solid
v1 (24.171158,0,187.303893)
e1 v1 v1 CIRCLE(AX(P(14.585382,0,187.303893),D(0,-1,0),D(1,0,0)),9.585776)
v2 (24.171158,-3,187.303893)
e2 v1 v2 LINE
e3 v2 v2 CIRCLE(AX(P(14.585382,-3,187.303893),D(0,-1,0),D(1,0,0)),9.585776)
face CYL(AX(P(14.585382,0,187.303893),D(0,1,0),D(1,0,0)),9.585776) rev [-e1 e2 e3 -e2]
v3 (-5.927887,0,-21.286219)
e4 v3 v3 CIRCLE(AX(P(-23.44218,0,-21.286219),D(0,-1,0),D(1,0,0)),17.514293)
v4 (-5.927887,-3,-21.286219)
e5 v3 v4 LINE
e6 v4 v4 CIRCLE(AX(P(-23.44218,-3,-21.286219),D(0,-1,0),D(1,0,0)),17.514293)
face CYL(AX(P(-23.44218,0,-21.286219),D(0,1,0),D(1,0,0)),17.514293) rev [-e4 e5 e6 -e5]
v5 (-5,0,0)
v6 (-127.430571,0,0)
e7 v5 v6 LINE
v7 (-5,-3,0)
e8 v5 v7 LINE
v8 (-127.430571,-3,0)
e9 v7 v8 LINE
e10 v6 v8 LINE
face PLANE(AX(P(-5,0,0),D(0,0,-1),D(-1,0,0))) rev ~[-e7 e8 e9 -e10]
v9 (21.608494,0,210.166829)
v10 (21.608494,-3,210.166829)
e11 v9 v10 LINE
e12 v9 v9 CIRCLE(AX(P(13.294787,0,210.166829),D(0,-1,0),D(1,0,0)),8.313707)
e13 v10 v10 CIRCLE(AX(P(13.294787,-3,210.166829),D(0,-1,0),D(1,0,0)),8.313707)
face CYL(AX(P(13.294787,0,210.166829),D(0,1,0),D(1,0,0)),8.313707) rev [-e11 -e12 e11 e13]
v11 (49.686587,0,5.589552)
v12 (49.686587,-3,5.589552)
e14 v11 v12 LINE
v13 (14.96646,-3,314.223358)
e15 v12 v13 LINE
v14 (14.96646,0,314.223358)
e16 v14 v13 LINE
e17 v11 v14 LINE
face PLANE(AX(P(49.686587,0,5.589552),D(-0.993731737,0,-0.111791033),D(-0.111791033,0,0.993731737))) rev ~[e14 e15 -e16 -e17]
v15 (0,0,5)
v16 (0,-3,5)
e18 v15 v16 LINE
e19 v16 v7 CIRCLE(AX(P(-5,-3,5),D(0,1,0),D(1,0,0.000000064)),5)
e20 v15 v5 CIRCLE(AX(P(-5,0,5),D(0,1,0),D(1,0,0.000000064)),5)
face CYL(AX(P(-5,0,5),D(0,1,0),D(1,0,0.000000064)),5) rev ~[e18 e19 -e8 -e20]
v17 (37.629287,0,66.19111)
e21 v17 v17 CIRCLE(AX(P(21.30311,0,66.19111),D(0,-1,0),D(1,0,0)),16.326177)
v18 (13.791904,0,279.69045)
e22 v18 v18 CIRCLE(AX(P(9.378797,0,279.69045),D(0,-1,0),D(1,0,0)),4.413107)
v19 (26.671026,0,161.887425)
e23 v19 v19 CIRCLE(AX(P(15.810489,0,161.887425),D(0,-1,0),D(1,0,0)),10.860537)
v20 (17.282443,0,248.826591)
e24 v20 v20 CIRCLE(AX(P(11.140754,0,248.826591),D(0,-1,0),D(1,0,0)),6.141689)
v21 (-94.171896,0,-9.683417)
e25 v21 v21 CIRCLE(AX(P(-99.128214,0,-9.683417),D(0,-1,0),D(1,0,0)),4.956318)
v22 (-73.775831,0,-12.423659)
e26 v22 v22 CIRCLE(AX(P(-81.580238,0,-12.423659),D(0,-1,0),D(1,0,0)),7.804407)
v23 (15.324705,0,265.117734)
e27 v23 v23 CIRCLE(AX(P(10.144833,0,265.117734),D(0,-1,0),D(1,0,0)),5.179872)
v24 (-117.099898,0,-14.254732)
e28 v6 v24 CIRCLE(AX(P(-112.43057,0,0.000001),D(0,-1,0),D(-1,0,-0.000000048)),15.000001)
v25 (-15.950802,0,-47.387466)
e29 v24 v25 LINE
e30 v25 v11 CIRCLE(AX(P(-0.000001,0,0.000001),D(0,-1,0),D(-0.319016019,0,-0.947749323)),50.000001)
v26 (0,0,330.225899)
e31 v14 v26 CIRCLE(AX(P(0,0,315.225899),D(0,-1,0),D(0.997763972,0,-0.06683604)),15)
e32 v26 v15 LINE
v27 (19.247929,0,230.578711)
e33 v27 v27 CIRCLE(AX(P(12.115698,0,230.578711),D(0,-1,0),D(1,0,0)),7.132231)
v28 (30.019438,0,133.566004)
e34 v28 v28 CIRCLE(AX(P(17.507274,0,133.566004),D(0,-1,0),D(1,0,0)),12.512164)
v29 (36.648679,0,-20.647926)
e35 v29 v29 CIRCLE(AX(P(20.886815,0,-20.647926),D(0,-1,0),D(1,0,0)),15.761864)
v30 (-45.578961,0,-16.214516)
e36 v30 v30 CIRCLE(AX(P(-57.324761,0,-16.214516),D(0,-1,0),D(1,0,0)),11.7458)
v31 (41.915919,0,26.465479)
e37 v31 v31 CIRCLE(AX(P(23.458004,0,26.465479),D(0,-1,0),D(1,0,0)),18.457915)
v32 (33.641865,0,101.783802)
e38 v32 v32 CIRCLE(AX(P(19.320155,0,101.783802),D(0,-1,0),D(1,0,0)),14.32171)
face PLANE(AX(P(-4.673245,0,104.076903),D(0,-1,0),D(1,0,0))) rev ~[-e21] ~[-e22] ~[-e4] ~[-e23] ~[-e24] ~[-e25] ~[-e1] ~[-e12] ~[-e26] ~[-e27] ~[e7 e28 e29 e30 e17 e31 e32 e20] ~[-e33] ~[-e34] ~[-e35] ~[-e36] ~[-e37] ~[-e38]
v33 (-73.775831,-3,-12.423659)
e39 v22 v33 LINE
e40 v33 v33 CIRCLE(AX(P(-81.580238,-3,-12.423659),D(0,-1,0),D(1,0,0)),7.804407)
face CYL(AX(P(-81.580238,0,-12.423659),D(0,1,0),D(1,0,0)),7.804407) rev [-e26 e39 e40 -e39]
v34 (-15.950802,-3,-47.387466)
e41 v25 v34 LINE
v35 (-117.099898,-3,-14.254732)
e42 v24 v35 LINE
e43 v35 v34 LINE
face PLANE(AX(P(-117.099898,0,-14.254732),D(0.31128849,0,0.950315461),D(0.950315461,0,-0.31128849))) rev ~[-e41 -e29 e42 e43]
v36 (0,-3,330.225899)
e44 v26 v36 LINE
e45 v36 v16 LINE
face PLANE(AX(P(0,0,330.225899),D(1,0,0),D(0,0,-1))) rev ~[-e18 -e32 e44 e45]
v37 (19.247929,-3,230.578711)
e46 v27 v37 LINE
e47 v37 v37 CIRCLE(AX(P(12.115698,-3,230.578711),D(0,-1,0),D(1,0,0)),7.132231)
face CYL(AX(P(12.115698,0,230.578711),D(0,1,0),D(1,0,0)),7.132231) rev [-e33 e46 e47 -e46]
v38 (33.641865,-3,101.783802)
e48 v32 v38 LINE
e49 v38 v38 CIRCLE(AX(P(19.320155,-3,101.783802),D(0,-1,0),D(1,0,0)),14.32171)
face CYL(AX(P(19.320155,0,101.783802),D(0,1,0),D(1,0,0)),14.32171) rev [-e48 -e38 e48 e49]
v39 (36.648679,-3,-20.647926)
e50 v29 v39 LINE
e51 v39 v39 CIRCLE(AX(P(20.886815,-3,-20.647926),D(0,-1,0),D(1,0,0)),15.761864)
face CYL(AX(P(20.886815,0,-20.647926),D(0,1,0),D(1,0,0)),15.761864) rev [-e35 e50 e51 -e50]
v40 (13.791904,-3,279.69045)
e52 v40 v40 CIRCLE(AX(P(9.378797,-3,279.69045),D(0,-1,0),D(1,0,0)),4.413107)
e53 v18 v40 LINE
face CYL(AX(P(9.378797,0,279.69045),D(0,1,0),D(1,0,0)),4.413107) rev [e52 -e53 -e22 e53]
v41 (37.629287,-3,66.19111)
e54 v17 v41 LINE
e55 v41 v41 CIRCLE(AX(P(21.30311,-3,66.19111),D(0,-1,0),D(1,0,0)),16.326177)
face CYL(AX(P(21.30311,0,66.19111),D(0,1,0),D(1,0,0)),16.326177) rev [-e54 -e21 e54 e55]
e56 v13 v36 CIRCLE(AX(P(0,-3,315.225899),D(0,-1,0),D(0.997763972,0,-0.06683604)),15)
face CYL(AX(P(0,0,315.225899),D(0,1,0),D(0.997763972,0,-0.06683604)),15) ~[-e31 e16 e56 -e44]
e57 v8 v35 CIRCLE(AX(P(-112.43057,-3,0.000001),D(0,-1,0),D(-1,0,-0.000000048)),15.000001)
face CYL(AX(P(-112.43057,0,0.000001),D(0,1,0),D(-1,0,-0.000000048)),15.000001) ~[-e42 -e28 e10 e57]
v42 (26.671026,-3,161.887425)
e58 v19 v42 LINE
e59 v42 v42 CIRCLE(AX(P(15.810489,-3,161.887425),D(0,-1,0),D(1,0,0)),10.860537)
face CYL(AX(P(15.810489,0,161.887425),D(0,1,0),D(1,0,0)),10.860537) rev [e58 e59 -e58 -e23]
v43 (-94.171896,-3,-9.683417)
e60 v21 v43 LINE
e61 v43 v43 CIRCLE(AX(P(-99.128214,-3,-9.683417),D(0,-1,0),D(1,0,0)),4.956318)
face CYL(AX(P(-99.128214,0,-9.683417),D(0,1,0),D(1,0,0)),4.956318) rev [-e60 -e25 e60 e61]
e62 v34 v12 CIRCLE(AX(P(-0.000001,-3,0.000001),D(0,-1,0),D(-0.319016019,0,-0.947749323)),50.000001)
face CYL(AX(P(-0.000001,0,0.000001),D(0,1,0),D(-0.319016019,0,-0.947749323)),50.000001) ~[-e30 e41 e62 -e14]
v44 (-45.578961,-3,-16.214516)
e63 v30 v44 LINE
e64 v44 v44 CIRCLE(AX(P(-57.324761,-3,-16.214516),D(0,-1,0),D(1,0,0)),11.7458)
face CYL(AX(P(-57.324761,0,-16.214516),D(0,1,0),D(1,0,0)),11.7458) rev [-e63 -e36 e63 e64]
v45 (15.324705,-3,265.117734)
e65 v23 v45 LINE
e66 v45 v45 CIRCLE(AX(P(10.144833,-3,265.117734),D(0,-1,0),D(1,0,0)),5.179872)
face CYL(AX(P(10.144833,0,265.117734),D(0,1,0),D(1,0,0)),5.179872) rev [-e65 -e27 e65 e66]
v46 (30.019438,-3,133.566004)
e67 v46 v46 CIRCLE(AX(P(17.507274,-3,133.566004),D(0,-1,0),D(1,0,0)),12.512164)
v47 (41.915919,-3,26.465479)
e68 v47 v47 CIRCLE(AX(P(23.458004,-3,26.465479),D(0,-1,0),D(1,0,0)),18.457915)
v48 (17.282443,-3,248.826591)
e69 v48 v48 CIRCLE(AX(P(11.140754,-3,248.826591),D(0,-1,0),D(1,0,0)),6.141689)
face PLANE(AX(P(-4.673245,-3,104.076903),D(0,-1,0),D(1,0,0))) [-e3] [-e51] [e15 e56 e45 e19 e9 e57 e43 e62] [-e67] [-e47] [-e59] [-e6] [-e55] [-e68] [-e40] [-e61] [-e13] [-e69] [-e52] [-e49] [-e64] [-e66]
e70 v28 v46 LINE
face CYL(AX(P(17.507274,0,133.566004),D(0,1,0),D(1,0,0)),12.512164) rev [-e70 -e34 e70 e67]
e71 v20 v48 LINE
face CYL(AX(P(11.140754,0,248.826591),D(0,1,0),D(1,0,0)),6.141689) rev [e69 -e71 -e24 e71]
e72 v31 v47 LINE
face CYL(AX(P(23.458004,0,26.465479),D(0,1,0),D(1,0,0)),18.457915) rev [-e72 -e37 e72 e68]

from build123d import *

# Parameters (mm, degrees)
F0_R     = 4.956318
F0_R_2   = 7.804407
F0_R_3   = 11.7458
F0_R_4   = 17.514293
F0_R_5   = 15.761864
F0_R_6   = 18.457915
F0_R_7   = 16.326177
F0_R_8   = 14.32171
F0_R_9   = 12.512164
F0_R_10  = 10.860537
F0_R_11  = 9.585776
F0_R_12  = 8.313707
F0_R_13  = 7.132231
F0_R_14  = 6.141689
F0_R_15  = 5.179872
F0_R_16  = 4.413107
F1_DEPTH = 3


with BuildPart() as f1:
    # F0 (on Front) → F1 (new body)
    with BuildSketch(Plane.XZ):
        with BuildLine():
            Line((0, 330.225899), (0, 5))
            ThreePointArc((0, 5), (-1.464466, 1.464466), (-5, 0))
            Line((-5, 0), (-127.430571, 0))
            ThreePointArc((-127.430571, 0), (-124.57635, -8.802275), (-117.099898, -14.254732))
            Line((-117.099898, -14.254732), (-15.950802, -47.387466))
            ThreePointArc((-15.950802, -47.387466), (31.403294, -38.908008), (49.686587, 5.589552))
            Line((49.686587, 5.589552), (14.96646, 314.223358))
            ThreePointArc((14.96646, 314.223358), (10.955321, 325.47192), (0, 330.225899))
        make_face()
        with Locations((-99.128214, -9.683417)):
            Circle(F0_R, mode=Mode.SUBTRACT)
        with Locations((-81.580238, -12.423659)):
            Circle(F0_R_2, mode=Mode.SUBTRACT)
        with Locations((-57.324761, -16.214516)):
            Circle(F0_R_3, mode=Mode.SUBTRACT)
        with Locations((-23.44218, -21.286219)):
            Circle(F0_R_4, mode=Mode.SUBTRACT)
        with Locations((20.886815, -20.647926)):
            Circle(F0_R_5, mode=Mode.SUBTRACT)
        with Locations((23.458004, 26.465479)):
            Circle(F0_R_6, mode=Mode.SUBTRACT)
        with Locations((21.30311, 66.19111)):
            Circle(F0_R_7, mode=Mode.SUBTRACT)
        with Locations((19.320155, 101.783802)):
            Circle(F0_R_8, mode=Mode.SUBTRACT)
        with Locations((17.507274, 133.566004)):
            Circle(F0_R_9, mode=Mode.SUBTRACT)
        with Locations((15.810489, 161.887425)):
            Circle(F0_R_10, mode=Mode.SUBTRACT)
        with Locations((14.585382, 187.303893)):
            Circle(F0_R_11, mode=Mode.SUBTRACT)
        with Locations((13.294787, 210.166829)):
            Circle(F0_R_12, mode=Mode.SUBTRACT)
        with Locations((12.115698, 230.578711)):
            Circle(F0_R_13, mode=Mode.SUBTRACT)
        with Locations((11.140754, 248.826591)):
            Circle(F0_R_14, mode=Mode.SUBTRACT)
        with Locations((10.144833, 265.117734)):
            Circle(F0_R_15, mode=Mode.SUBTRACT)
        with Locations((9.378797, 279.69045)):
            Circle(F0_R_16, mode=Mode.SUBTRACT)
    extrude(amount=F1_DEPTH)


solid = f1.part
